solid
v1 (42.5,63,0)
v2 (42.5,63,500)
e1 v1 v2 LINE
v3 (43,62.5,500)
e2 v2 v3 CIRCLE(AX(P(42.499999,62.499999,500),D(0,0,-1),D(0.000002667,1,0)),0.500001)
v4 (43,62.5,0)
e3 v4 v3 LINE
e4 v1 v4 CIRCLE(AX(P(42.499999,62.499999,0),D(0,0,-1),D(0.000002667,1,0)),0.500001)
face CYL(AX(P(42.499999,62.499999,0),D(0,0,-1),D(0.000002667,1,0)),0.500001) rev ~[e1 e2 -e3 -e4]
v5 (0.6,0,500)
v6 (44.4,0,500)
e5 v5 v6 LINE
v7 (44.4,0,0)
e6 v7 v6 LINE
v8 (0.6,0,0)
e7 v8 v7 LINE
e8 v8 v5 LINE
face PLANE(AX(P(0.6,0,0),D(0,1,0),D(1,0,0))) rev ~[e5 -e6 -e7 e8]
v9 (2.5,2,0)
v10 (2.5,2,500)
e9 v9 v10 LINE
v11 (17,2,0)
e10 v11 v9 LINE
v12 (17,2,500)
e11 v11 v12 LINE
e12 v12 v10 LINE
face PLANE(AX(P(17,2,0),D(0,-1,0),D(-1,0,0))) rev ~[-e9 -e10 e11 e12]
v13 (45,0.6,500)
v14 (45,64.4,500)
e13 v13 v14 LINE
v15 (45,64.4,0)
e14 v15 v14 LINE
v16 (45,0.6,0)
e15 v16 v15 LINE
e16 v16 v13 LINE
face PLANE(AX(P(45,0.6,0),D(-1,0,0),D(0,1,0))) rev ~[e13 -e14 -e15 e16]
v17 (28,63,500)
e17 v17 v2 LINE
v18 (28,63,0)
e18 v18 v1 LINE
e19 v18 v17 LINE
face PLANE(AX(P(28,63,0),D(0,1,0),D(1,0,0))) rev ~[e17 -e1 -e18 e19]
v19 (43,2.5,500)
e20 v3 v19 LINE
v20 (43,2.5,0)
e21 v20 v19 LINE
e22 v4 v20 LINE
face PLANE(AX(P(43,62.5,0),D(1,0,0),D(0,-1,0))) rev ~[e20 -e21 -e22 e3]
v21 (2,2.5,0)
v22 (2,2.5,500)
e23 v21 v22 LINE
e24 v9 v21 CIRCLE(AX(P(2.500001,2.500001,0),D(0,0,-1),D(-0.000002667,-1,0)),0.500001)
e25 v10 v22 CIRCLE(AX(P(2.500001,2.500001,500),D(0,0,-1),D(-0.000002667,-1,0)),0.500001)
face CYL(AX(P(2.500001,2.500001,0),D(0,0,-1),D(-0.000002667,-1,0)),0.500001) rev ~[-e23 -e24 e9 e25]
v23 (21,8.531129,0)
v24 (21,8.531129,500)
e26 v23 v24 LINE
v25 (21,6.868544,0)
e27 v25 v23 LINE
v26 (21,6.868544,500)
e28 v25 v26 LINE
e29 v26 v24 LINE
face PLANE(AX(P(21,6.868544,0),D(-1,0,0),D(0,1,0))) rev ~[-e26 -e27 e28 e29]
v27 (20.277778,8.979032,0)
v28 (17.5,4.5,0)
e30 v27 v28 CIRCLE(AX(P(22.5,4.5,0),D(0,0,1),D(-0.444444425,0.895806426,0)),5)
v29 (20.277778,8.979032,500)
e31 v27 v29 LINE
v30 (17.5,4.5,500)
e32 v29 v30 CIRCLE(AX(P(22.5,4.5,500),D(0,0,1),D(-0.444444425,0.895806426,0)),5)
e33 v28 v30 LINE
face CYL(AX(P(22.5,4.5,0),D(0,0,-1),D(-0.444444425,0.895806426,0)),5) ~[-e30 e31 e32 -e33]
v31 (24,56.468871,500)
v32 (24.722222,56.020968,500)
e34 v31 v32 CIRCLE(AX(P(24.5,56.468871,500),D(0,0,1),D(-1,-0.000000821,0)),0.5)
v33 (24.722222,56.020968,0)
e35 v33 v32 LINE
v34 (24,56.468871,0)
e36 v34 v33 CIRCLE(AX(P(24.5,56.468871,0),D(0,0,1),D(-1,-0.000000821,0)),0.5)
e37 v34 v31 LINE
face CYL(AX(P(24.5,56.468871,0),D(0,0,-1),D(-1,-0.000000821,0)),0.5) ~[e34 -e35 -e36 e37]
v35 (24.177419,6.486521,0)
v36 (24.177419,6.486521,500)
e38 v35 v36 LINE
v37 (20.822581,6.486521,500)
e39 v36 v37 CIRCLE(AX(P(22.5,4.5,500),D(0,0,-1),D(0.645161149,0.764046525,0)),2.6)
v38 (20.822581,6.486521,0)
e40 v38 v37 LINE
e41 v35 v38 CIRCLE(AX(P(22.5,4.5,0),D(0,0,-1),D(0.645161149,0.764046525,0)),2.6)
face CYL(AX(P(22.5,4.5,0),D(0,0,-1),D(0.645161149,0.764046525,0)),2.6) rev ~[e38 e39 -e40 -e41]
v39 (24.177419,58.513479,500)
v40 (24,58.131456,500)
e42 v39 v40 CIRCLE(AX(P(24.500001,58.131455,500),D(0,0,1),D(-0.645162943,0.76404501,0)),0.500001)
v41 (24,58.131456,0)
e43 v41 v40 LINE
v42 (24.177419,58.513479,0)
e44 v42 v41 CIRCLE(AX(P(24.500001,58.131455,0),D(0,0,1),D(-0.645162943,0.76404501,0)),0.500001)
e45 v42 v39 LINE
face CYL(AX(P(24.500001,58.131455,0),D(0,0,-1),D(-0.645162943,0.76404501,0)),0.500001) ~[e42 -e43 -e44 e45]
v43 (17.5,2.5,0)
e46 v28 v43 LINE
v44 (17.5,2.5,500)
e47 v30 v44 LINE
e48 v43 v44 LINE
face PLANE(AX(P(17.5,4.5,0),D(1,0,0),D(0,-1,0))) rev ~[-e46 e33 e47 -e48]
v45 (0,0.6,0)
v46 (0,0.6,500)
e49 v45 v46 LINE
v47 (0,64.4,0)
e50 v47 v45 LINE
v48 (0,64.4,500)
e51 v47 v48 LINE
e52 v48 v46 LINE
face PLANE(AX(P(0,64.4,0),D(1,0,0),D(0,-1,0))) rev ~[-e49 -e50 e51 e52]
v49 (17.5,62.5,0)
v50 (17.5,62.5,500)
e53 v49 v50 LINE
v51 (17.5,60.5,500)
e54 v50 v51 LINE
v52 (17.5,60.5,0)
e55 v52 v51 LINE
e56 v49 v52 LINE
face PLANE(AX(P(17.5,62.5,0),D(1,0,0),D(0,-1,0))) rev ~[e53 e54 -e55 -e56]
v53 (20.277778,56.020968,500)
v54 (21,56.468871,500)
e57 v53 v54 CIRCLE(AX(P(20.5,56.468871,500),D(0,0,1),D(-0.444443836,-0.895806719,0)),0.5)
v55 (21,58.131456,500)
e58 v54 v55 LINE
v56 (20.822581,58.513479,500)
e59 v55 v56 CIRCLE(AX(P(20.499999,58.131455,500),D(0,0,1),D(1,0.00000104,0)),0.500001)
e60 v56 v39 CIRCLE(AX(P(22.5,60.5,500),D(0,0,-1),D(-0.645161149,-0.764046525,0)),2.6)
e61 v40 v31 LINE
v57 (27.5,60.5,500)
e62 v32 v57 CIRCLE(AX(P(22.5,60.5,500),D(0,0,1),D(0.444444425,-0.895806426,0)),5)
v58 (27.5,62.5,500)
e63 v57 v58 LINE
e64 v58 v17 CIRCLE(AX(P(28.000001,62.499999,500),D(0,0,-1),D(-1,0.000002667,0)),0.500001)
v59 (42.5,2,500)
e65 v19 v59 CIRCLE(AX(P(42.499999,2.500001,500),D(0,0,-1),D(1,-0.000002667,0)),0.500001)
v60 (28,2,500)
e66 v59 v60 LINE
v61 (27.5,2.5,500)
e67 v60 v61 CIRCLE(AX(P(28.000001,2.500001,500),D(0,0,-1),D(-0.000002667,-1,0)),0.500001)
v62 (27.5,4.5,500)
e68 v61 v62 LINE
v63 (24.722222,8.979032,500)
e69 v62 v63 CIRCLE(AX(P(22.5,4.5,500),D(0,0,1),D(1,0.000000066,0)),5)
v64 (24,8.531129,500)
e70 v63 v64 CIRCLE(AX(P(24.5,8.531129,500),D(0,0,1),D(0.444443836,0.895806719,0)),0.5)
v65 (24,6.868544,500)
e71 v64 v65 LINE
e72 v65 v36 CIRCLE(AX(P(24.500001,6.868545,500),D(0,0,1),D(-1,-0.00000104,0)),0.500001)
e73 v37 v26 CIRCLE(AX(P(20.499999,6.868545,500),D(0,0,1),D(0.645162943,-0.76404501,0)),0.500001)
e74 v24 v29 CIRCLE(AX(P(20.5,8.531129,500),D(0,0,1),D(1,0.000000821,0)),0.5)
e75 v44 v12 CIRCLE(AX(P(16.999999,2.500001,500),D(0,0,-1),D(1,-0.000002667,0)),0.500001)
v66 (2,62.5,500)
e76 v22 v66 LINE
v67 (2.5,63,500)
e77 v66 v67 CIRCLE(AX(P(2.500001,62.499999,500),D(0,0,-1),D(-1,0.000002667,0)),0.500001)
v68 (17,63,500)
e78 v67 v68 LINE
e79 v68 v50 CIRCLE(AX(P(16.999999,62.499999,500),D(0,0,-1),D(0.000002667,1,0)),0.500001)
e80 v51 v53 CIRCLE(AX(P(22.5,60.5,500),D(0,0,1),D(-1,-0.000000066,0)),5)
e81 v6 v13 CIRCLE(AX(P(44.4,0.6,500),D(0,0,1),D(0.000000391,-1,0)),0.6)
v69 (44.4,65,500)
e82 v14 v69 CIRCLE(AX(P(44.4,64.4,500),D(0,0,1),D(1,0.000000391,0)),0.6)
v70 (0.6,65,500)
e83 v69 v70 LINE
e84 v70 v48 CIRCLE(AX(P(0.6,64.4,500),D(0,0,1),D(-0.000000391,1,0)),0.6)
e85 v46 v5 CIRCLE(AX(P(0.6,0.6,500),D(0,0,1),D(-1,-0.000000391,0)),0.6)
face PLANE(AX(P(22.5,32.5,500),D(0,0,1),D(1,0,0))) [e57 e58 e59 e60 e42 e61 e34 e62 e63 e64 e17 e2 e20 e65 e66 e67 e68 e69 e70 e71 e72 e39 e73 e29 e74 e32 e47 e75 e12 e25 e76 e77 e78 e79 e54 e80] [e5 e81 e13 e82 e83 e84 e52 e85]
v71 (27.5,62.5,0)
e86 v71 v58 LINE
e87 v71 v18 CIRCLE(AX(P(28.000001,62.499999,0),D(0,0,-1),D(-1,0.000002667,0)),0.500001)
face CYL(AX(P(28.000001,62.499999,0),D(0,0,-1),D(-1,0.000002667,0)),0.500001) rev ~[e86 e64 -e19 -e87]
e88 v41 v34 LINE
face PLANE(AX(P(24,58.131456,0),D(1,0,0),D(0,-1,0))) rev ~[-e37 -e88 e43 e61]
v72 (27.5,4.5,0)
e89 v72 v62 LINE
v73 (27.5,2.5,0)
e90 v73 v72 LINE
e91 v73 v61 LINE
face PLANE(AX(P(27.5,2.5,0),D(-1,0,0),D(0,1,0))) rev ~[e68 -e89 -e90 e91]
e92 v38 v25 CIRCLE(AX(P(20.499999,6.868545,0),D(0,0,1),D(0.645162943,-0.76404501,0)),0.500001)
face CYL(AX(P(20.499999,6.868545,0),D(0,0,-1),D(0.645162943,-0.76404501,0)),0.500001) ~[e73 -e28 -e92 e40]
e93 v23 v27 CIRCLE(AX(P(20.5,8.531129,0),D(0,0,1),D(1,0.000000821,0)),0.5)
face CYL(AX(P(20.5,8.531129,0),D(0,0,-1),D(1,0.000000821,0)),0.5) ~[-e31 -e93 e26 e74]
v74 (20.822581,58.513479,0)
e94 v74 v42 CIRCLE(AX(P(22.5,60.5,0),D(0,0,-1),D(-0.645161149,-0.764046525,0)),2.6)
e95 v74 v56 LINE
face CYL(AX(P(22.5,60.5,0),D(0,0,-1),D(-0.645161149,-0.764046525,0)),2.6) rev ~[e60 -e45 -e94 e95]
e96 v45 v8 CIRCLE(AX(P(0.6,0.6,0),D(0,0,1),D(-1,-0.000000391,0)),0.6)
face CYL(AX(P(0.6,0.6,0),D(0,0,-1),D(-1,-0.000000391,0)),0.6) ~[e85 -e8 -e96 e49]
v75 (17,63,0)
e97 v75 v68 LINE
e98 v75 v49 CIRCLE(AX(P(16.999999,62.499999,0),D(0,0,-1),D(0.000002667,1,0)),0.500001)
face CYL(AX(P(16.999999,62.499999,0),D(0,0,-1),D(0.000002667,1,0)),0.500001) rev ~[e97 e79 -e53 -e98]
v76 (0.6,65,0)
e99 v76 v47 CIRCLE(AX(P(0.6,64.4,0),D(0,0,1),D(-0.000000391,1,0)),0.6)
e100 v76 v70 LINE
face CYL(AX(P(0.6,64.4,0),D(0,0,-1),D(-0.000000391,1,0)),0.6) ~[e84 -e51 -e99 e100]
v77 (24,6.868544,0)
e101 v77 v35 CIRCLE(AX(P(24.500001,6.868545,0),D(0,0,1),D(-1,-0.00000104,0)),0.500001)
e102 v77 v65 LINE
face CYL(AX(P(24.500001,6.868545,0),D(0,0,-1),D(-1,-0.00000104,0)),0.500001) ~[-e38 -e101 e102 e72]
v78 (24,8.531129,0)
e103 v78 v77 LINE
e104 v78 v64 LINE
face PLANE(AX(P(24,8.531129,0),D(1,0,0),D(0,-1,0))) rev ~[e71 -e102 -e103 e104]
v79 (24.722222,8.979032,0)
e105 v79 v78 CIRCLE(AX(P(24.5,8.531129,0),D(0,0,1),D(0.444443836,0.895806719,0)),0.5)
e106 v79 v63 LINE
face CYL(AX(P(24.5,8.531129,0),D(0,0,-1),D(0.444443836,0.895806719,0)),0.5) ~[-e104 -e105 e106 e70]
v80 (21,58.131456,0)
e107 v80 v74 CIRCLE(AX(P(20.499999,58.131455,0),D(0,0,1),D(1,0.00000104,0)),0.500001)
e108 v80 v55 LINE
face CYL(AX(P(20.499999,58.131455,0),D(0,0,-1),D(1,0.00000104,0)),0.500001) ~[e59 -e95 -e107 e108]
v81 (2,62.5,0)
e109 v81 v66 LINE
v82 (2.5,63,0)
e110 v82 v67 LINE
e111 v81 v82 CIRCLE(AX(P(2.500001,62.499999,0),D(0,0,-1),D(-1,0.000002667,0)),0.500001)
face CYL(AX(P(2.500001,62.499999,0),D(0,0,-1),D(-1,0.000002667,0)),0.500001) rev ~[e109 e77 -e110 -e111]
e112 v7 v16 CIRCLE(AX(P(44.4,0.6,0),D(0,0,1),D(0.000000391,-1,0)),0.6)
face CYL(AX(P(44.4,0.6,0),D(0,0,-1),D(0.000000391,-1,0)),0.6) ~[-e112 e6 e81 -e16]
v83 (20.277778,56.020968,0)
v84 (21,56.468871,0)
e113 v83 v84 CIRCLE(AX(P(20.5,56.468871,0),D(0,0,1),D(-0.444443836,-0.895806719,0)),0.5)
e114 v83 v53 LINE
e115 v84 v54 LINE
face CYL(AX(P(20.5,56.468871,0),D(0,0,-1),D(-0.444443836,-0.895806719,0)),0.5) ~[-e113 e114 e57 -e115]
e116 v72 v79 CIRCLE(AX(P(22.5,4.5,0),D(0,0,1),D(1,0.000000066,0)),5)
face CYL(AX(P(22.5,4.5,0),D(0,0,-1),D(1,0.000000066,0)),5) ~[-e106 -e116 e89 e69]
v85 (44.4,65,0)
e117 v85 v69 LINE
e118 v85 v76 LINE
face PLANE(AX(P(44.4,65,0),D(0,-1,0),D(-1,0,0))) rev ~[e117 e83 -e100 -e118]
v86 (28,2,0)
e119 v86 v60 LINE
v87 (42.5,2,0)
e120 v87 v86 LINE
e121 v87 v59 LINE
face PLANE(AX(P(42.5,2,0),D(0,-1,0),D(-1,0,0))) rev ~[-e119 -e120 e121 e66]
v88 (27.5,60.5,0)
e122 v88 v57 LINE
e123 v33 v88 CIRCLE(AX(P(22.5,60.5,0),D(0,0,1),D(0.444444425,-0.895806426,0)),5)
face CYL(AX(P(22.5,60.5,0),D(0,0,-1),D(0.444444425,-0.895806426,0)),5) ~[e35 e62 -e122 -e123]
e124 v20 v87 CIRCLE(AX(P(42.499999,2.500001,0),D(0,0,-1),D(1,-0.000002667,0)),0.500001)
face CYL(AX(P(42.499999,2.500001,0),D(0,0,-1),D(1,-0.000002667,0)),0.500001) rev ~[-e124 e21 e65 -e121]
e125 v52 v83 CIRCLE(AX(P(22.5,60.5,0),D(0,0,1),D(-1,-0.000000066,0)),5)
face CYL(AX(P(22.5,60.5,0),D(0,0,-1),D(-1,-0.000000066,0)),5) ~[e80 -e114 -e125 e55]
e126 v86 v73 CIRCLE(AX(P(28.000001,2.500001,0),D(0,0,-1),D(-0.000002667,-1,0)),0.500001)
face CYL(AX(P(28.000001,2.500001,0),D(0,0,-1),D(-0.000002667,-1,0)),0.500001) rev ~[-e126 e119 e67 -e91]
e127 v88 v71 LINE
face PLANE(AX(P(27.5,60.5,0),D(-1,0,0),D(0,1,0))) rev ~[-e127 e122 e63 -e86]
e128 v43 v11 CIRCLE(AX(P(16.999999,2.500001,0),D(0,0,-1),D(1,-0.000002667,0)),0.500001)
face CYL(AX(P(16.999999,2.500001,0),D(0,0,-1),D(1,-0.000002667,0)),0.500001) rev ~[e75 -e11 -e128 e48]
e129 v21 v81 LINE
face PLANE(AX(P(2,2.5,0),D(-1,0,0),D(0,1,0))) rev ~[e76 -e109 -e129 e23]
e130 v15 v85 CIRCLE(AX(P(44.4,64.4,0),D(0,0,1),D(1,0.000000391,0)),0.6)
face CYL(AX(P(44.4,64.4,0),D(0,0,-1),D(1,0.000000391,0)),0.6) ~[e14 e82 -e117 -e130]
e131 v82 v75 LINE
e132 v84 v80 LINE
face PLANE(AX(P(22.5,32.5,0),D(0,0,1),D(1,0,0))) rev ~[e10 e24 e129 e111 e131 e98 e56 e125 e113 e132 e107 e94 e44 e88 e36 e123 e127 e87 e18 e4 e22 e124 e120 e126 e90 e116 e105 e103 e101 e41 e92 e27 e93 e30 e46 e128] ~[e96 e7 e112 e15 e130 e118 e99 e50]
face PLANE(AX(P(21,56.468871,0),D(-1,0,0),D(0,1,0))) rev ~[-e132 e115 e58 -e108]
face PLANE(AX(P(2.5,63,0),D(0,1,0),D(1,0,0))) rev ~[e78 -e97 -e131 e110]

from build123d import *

# Parameters (mm, degrees)
F1_DEPTH = 500


with BuildPart() as f1:
    # F0 (on Top) → F1 (new body)
    with BuildSketch(Plane.XY):
        with BuildLine():
            ThreePointArc((0, 0.6), (0.175736, 0.175736), (0.6, 0))
            Line((0.6, 0), (44.4, 0))
            ThreePointArc((44.4, 0), (44.824264, 0.175736), (45, 0.6))
            Line((45, 0.6), (45, 64.4))
            ThreePointArc((45, 64.4), (44.824264, 64.824264), (44.4, 65))
            Line((44.4, 65), (0.6, 65))
            ThreePointArc((0.6, 65), (0.175736, 64.824264), (0, 64.4))
            Line((0, 64.4), (0, 0.6))
        make_face()
        with BuildLine():
            ThreePointArc((2.5, 2), (2.146447, 2.146447), (2, 2.5))
            Line((2, 2.5), (2, 62.5))
            ThreePointArc((2, 62.5), (2.146447, 62.853553), (2.5, 63))
            Line((2.5, 63), (17, 63))
            ThreePointArc((17, 63), (17.353553, 62.853553), (17.5, 62.5))
            Line((17.5, 62.5), (17.5, 60.5))
            ThreePointArc((17.5, 60.5), (18.250817, 57.864769), (20.277778, 56.020968))
            ThreePointArc((20.277778, 56.020968), (20.763523, 56.043953), (21, 56.468871))
            Line((21, 56.468871), (21, 58.131456))
            ThreePointArc((21, 58.131456), (20.953481, 58.342062), (20.822581, 58.513479))
            ThreePointArc((20.822581, 58.513479), (22.5, 63.1), (24.177419, 58.513479))
            ThreePointArc((24.177419, 58.513479), (24.046519, 58.342062), (24, 58.131456))
            Line((24, 58.131456), (24, 56.468871))
            ThreePointArc((24, 56.468871), (24.236477, 56.043953), (24.722222, 56.020968))
            ThreePointArc((24.722222, 56.020968), (26.749183, 57.864769), (27.5, 60.5))
            Line((27.5, 60.5), (27.5, 62.5))
            ThreePointArc((27.5, 62.5), (27.646447, 62.853553), (28, 63))
            Line((28, 63), (42.5, 63))
            ThreePointArc((42.5, 63), (42.853553, 62.853553), (43, 62.5))
            Line((43, 62.5), (43, 2.5))
            ThreePointArc((43, 2.5), (42.853553, 2.146447), (42.5, 2))
            Line((42.5, 2), (28, 2))
            ThreePointArc((28, 2), (27.646447, 2.146447), (27.5, 2.5))
            Line((27.5, 2.5), (27.5, 4.5))
            ThreePointArc((27.5, 4.5), (26.749183, 7.135231), (24.722222, 8.979032))
            ThreePointArc((24.722222, 8.979032), (24.236477, 8.956047), (24, 8.531129))
            Line((24, 8.531129), (24, 6.868544))
            ThreePointArc((24, 6.868544), (24.046519, 6.657938), (24.177419, 6.486521))
            ThreePointArc((24.177419, 6.486521), (22.5, 1.9), (20.822581, 6.486521))
            ThreePointArc((20.822581, 6.486521), (20.953481, 6.657938), (21, 6.868544))
            Line((21, 6.868544), (21, 8.531129))
            ThreePointArc((21, 8.531129), (20.763523, 8.956047), (20.277778, 8.979032))
            ThreePointArc((20.277778, 8.979032), (18.250817, 7.135231), (17.5, 4.5))
            Line((17.5, 4.5), (17.5, 2.5))
            ThreePointArc((17.5, 2.5), (17.353553, 2.146447), (17, 2))
            Line((17, 2), (2.5, 2))
        make_face(mode=Mode.SUBTRACT)
    extrude(amount=F1_DEPTH)


solid = f1.part
